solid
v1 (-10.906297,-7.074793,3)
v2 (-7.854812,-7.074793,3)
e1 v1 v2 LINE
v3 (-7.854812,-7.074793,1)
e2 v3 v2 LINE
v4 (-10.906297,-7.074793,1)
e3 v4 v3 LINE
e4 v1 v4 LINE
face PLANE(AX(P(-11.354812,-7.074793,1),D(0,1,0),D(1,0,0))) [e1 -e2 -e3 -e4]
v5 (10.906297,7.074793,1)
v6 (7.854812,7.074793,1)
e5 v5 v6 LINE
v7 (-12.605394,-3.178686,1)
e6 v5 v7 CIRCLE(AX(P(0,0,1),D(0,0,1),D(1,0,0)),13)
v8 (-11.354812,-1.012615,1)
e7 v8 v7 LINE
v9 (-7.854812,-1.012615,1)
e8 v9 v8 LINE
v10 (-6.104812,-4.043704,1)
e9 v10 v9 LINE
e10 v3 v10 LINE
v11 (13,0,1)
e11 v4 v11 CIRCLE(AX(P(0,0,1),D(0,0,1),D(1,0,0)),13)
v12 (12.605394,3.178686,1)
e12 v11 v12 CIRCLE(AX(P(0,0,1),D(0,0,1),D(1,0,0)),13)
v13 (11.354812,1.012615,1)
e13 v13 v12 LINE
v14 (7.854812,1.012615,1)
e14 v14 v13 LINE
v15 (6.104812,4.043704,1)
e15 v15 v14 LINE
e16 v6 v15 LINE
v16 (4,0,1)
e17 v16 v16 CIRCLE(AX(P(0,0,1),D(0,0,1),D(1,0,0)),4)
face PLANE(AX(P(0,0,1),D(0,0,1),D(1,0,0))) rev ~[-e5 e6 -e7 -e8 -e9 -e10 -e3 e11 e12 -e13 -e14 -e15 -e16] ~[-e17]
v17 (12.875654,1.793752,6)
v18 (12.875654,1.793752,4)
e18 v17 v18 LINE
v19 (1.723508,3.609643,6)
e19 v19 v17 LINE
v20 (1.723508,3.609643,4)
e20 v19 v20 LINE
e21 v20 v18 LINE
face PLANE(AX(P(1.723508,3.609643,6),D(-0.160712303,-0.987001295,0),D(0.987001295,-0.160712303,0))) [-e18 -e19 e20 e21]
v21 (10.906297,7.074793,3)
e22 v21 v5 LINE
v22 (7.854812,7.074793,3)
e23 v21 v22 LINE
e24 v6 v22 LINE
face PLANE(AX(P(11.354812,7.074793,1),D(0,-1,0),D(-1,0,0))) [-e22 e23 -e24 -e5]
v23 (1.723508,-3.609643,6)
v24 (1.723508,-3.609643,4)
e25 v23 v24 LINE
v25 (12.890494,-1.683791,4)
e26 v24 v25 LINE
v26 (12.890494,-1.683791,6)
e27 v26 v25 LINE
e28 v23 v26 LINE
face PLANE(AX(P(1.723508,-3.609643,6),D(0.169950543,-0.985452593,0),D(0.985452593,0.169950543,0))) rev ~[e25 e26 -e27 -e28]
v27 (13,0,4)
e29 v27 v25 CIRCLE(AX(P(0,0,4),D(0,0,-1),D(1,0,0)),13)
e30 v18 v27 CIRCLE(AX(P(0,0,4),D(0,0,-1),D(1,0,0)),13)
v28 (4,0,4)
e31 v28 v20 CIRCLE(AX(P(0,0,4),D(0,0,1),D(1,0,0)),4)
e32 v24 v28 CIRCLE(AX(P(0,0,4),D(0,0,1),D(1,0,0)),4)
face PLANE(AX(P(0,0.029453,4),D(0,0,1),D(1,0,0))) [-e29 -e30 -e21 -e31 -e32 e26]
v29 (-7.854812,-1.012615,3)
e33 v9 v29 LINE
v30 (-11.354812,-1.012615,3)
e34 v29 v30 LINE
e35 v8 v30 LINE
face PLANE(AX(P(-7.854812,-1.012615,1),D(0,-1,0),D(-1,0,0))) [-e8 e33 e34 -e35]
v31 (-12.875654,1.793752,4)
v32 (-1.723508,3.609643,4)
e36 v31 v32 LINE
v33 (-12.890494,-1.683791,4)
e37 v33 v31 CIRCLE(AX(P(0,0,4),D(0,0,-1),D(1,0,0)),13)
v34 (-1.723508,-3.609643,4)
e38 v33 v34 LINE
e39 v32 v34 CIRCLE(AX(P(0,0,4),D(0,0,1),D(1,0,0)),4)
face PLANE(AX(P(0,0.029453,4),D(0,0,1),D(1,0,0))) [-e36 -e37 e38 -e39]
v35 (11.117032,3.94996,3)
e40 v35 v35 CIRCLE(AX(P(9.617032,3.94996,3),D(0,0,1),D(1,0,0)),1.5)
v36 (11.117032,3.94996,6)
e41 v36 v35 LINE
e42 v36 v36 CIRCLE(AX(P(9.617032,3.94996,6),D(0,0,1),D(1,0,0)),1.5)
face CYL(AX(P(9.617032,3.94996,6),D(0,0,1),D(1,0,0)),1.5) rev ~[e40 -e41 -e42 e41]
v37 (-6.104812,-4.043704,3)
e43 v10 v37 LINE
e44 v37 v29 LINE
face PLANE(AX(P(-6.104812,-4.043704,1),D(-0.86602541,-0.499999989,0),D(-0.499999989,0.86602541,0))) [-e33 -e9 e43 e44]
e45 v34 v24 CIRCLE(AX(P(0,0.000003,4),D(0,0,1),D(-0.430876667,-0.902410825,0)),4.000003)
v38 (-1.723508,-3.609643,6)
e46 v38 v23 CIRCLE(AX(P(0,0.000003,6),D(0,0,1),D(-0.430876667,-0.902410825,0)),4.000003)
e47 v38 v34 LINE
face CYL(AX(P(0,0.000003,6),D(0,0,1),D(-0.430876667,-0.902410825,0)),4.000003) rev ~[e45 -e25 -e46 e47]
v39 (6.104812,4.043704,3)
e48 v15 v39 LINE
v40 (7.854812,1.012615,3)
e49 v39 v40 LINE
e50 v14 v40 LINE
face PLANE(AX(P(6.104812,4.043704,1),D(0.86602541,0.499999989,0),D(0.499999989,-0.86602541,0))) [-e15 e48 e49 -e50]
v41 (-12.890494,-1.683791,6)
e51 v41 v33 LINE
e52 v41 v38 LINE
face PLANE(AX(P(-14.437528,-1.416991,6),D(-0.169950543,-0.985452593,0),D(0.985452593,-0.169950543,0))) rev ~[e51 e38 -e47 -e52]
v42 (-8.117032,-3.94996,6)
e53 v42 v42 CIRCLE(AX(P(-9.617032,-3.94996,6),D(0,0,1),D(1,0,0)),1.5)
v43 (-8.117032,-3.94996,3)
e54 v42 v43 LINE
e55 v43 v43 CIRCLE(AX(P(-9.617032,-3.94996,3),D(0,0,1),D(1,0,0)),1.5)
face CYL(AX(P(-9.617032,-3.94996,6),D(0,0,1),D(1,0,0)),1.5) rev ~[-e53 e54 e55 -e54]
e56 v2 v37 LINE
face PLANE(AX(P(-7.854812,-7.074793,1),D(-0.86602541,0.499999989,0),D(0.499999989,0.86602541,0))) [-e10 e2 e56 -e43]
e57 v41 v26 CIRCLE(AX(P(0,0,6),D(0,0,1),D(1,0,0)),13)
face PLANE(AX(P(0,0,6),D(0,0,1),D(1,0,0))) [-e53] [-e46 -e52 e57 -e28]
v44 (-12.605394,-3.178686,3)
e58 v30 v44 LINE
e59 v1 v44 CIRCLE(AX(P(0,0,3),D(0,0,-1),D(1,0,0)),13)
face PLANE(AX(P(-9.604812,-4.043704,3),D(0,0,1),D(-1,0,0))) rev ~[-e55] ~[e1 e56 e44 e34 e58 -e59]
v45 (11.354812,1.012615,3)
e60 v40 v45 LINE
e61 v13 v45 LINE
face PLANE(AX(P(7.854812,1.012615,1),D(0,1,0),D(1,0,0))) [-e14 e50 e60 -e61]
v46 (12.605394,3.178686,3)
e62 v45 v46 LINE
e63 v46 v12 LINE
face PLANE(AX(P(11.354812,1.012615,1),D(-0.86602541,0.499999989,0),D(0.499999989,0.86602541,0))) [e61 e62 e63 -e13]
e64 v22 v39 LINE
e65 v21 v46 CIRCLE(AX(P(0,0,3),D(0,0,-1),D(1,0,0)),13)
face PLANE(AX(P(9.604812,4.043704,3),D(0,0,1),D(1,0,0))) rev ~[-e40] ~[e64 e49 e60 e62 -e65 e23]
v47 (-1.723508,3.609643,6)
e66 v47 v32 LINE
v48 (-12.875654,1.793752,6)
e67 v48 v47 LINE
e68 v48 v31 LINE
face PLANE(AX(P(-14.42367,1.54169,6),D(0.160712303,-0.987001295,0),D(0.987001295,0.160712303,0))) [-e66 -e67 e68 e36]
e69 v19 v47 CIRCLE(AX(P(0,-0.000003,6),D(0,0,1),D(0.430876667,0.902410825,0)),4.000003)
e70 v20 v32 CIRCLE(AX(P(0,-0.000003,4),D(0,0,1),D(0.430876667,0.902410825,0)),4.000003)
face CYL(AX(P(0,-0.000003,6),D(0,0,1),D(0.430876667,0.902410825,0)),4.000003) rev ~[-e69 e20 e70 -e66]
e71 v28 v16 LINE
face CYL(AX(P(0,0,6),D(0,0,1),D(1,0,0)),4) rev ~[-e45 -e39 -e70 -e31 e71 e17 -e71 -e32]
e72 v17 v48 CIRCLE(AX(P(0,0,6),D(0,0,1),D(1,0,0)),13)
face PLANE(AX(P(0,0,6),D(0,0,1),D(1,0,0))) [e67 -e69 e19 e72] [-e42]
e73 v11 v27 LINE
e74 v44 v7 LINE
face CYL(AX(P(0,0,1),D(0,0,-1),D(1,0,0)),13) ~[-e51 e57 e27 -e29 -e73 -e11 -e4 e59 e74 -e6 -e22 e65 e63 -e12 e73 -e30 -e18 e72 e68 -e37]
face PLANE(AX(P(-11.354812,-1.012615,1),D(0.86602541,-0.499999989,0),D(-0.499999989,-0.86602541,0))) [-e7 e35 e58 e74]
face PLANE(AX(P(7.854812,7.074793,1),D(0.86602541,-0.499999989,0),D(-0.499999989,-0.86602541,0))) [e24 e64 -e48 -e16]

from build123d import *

# Parameters (mm, degrees)
CYLINDER_R         = 13
CYLINDER_DEPTH     = 5
POCKET_DEPTH       = 2
SKETCH001_R        = 4
POCKET001_DEPTH    = 5.001
SKETCH002_R        = 1.5
POCKET002_DEPTH    = 5.001
POCKET003_DEPTH    = 2
POLARPATTERN_COUNT = 2


with BuildPart() as part:
    # Cylinder → Cylinder (new body)
    with BuildSketch(Plane.XY.offset(1)):
        Circle(CYLINDER_R)
    extrude(amount=CYLINDER_DEPTH)

    # Sketch → Pocket (cut)
    with BuildSketch(Plane.XY.offset(6)):
        with BuildLine():
            ThreePointArc((1.723508, 3.609643), (0, 4), (-1.723508, 3.609643))
            Line((-14.42367, 1.54169), (-1.723508, 3.609643))
            ThreePointArc((-14.42367, 1.54169), (-15.682586, 0.068213), (-14.437528, -1.416991))
            Line((-14.437528, -1.416991), (-1.723508, -3.609643))
            ThreePointArc((-1.723508, -3.609643), (0, -4), (1.723508, -3.609643))
            Line((1.723508, -3.609643), (14.437528, -1.416991))
            ThreePointArc((14.437528, -1.416991), (15.682586, 0.068213), (14.42367, 1.54169))
            Line((1.723508, 3.609643), (14.42367, 1.54169))
        make_face()
    extrude(amount=-POCKET_DEPTH, mode=Mode.SUBTRACT)

    # Sketch001 → Pocket001 (cut, through all)
    with BuildSketch(Plane.XY.offset(6)):
        Circle(SKETCH001_R)
    extrude(amount=-POCKET001_DEPTH, mode=Mode.SUBTRACT)

    # Sketch002 → Pocket002 (cut, through all)
    with BuildSketch(Plane.XY.offset(6)):
        with Locations((-9.617032, -3.94996)):
            Circle(SKETCH002_R)
        with Locations((9.617032, 3.94996)):
            Circle(SKETCH002_R)
    extrude(amount=-POCKET002_DEPTH, mode=Mode.SUBTRACT)

    # Sketch003 → Pocket003 (cut)
    with BuildSketch(Plane(origin=(0, 0, 1), x_dir=(1, 0, 0), z_dir=(0, 0, -1))):
        Polygon((-11.354812, 7.074793), (-7.854812, 7.074793), (-6.104812, 4.043704), (-7.854812, 1.012615), (-11.354812, 1.012615), (-13.104812, 4.043704), align=None)
    pocket003 = extrude(amount=-POCKET003_DEPTH, mode=Mode.SUBTRACT)

    # PolarPattern: Pocket003 ×2 about axis
    polarpattern_axis = Axis((0, 0, 1), (0, 0, -1))
    for i in range(1, POLARPATTERN_COUNT):
        add(pocket003.rotate(polarpattern_axis, i * 360 / POLARPATTERN_COUNT), mode=Mode.SUBTRACT)


solid = part.part
